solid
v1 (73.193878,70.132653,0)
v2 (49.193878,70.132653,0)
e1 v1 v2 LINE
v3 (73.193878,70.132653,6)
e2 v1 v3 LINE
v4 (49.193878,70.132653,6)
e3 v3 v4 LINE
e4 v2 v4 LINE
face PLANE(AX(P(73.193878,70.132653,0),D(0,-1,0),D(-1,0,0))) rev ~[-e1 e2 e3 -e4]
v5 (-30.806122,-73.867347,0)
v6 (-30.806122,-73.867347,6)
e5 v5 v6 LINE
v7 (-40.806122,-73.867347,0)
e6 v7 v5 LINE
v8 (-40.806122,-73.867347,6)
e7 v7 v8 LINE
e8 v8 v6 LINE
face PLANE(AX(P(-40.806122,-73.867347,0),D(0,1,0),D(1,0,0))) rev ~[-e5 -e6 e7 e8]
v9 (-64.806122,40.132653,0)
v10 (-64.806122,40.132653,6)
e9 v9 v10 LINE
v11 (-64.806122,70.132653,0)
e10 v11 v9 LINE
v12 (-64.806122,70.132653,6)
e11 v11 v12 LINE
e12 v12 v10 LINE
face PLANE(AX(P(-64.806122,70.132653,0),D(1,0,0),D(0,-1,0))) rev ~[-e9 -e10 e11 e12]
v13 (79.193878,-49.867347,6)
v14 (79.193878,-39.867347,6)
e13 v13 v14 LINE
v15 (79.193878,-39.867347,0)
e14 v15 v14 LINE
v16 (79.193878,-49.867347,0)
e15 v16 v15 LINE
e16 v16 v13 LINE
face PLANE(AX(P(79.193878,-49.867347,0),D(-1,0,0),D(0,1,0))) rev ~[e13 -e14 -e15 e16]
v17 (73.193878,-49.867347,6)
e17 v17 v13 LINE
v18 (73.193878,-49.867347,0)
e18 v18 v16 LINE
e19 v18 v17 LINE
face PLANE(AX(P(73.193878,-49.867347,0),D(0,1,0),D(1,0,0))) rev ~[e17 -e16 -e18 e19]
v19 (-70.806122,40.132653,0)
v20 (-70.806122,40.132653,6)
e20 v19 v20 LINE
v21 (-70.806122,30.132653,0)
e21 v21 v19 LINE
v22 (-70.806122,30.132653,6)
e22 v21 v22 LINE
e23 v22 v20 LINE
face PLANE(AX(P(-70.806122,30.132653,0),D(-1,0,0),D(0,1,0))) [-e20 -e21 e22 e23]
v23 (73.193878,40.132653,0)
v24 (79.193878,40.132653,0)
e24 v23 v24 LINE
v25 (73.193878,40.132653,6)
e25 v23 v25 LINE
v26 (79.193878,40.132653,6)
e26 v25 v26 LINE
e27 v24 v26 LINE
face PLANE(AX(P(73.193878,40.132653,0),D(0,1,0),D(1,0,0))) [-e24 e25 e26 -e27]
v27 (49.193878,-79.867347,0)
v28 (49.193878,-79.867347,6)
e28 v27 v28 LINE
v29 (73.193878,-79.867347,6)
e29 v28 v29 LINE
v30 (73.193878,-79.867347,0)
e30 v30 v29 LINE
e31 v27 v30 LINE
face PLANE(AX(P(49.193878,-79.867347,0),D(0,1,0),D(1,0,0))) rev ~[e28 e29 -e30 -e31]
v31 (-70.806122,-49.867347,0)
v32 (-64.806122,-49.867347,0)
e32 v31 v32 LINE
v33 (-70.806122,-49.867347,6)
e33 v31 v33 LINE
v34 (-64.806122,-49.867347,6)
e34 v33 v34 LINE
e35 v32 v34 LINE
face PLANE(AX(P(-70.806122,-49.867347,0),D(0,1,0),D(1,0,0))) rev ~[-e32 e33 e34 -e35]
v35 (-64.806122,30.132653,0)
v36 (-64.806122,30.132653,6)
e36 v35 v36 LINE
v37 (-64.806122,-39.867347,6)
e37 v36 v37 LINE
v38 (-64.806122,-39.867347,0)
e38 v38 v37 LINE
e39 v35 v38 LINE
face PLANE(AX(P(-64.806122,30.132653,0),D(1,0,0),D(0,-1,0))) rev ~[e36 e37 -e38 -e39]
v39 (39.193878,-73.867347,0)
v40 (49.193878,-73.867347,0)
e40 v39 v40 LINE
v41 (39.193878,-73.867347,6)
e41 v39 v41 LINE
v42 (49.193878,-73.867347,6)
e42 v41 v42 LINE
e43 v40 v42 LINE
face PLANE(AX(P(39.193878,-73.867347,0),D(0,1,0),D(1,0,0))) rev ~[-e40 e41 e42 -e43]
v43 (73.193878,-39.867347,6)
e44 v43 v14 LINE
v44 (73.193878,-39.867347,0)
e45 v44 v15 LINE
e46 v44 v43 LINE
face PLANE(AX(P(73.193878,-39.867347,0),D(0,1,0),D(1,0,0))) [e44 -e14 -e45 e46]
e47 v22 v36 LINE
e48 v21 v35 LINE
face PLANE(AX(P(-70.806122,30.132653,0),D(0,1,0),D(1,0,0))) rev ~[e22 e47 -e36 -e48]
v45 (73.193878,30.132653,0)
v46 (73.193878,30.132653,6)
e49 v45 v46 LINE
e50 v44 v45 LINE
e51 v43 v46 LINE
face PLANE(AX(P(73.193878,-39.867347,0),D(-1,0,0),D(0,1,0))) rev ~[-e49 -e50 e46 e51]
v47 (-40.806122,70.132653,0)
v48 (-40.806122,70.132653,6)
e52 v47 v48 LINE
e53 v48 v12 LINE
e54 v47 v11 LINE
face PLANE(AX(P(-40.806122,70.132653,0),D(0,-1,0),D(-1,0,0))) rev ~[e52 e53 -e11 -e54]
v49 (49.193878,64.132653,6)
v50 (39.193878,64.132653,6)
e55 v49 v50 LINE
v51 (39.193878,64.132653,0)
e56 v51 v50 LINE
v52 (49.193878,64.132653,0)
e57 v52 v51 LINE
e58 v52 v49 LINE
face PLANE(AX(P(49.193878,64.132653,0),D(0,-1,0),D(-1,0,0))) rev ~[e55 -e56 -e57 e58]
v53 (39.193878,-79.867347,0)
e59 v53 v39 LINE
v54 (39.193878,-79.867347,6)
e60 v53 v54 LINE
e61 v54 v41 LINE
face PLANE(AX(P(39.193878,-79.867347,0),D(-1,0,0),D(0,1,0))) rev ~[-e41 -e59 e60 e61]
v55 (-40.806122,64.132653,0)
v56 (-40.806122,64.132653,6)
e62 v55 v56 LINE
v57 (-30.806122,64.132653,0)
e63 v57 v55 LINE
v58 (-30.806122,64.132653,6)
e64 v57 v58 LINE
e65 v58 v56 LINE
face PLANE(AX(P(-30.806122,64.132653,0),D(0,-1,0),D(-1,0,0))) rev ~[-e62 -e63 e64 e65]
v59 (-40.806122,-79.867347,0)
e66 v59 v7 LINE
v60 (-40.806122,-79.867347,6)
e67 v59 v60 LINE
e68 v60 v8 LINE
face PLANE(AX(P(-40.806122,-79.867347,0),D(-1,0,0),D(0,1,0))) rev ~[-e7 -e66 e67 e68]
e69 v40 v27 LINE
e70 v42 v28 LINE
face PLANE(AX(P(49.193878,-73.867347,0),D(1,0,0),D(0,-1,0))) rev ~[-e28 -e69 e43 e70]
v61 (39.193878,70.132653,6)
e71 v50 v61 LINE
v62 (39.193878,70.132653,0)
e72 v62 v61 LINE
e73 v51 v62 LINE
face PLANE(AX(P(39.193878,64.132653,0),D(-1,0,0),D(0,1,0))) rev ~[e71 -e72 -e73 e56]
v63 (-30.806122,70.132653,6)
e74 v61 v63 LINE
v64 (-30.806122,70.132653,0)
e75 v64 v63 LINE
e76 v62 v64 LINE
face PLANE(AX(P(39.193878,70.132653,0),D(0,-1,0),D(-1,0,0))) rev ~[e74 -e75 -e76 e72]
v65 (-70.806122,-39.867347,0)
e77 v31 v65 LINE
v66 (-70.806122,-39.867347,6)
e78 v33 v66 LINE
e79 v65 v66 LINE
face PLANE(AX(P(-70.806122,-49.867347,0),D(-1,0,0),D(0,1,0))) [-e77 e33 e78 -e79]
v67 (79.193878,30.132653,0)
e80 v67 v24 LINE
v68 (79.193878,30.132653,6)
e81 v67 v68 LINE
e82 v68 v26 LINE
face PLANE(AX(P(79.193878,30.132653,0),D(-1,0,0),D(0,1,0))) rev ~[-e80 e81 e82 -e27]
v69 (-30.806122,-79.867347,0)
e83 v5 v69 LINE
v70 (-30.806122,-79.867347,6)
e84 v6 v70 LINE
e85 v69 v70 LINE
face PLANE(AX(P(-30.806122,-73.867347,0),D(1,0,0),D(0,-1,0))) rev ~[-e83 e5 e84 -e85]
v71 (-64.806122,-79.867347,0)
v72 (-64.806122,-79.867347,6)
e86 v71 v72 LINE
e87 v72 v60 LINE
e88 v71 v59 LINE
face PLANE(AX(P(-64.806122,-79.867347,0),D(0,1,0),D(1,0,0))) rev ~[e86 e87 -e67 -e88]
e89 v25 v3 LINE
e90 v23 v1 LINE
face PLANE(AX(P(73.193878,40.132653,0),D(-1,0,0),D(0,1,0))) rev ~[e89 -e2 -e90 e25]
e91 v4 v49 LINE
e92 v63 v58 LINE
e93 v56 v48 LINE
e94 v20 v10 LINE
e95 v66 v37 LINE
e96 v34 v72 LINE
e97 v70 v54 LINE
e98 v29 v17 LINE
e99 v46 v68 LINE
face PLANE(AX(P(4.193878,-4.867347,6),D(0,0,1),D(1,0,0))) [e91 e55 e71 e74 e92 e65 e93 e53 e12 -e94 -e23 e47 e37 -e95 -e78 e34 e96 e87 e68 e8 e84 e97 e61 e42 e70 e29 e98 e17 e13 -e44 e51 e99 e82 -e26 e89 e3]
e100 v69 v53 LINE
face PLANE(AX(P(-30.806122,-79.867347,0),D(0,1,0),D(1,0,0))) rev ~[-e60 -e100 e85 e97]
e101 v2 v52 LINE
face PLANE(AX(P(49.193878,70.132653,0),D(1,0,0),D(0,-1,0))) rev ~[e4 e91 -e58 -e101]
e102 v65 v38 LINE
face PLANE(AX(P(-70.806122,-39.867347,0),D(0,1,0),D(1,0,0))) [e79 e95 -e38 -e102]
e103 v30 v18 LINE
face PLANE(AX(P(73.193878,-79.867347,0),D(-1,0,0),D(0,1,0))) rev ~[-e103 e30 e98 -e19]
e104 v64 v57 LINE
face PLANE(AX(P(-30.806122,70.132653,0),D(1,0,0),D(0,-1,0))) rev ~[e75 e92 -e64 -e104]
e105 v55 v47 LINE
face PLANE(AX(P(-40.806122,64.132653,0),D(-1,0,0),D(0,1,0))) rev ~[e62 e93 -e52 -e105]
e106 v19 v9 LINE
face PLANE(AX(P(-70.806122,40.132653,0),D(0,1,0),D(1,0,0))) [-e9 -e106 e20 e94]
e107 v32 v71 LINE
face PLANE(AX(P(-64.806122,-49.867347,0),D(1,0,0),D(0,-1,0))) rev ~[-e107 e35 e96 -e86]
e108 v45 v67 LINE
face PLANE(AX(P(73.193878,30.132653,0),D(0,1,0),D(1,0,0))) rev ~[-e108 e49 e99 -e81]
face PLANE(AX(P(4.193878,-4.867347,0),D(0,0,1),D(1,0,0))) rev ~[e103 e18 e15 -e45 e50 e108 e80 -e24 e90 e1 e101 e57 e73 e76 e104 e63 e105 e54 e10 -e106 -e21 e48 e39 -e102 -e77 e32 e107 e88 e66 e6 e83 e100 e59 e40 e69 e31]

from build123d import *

# Parameters (mm, degrees)
F0_W     = 6
F0_H     = 10
F1_DEPTH = 6


with BuildPart() as f1:
    # F0 (on Top) → F1 (new body)
    with BuildSketch(Plane.XY):
        Polygon((49.193878, -79.867347), (73.193878, -79.867347), (73.193878, -73.867347), (73.193878, -49.867347), (73.193878, -39.867347), (73.193878, 30.132653), (73.193878, 40.132653), (73.193878, 64.132653), (73.193878, 70.132653), (49.193878, 70.132653), (49.193878, 64.132653), (39.193878, 64.132653), (39.193878, 70.132653), (-30.806122, 70.132653), (-30.806122, 64.132653), (-40.806122, 64.132653), (-40.806122, 70.132653), (-64.806122, 70.132653), (-64.806122, 64.132653), (-64.806122, 40.132653), (-64.806122, 30.132653), (-64.806122, -39.867347), (-64.806122, -49.867347), (-64.806122, -73.867347), (-64.806122, -79.867347), (-40.806122, -79.867347), (-40.806122, -73.867347), (-30.806122, -73.867347), (-30.806122, -79.867347), (39.193878, -79.867347), (39.193878, -73.867347), (49.193878, -73.867347), align=None)
        with Locations((-67.806122, 35.132653)):
            Rectangle(F0_W, F0_H)
        with Locations((-67.806122, -44.867347)):
            Rectangle(F0_W, F0_H)
        with Locations((76.193878, -44.867347)):
            Rectangle(F0_W, F0_H)
        with Locations((76.193878, 35.132653)):
            Rectangle(F0_W, F0_H)
    extrude(amount=F1_DEPTH)


solid = f1.part
